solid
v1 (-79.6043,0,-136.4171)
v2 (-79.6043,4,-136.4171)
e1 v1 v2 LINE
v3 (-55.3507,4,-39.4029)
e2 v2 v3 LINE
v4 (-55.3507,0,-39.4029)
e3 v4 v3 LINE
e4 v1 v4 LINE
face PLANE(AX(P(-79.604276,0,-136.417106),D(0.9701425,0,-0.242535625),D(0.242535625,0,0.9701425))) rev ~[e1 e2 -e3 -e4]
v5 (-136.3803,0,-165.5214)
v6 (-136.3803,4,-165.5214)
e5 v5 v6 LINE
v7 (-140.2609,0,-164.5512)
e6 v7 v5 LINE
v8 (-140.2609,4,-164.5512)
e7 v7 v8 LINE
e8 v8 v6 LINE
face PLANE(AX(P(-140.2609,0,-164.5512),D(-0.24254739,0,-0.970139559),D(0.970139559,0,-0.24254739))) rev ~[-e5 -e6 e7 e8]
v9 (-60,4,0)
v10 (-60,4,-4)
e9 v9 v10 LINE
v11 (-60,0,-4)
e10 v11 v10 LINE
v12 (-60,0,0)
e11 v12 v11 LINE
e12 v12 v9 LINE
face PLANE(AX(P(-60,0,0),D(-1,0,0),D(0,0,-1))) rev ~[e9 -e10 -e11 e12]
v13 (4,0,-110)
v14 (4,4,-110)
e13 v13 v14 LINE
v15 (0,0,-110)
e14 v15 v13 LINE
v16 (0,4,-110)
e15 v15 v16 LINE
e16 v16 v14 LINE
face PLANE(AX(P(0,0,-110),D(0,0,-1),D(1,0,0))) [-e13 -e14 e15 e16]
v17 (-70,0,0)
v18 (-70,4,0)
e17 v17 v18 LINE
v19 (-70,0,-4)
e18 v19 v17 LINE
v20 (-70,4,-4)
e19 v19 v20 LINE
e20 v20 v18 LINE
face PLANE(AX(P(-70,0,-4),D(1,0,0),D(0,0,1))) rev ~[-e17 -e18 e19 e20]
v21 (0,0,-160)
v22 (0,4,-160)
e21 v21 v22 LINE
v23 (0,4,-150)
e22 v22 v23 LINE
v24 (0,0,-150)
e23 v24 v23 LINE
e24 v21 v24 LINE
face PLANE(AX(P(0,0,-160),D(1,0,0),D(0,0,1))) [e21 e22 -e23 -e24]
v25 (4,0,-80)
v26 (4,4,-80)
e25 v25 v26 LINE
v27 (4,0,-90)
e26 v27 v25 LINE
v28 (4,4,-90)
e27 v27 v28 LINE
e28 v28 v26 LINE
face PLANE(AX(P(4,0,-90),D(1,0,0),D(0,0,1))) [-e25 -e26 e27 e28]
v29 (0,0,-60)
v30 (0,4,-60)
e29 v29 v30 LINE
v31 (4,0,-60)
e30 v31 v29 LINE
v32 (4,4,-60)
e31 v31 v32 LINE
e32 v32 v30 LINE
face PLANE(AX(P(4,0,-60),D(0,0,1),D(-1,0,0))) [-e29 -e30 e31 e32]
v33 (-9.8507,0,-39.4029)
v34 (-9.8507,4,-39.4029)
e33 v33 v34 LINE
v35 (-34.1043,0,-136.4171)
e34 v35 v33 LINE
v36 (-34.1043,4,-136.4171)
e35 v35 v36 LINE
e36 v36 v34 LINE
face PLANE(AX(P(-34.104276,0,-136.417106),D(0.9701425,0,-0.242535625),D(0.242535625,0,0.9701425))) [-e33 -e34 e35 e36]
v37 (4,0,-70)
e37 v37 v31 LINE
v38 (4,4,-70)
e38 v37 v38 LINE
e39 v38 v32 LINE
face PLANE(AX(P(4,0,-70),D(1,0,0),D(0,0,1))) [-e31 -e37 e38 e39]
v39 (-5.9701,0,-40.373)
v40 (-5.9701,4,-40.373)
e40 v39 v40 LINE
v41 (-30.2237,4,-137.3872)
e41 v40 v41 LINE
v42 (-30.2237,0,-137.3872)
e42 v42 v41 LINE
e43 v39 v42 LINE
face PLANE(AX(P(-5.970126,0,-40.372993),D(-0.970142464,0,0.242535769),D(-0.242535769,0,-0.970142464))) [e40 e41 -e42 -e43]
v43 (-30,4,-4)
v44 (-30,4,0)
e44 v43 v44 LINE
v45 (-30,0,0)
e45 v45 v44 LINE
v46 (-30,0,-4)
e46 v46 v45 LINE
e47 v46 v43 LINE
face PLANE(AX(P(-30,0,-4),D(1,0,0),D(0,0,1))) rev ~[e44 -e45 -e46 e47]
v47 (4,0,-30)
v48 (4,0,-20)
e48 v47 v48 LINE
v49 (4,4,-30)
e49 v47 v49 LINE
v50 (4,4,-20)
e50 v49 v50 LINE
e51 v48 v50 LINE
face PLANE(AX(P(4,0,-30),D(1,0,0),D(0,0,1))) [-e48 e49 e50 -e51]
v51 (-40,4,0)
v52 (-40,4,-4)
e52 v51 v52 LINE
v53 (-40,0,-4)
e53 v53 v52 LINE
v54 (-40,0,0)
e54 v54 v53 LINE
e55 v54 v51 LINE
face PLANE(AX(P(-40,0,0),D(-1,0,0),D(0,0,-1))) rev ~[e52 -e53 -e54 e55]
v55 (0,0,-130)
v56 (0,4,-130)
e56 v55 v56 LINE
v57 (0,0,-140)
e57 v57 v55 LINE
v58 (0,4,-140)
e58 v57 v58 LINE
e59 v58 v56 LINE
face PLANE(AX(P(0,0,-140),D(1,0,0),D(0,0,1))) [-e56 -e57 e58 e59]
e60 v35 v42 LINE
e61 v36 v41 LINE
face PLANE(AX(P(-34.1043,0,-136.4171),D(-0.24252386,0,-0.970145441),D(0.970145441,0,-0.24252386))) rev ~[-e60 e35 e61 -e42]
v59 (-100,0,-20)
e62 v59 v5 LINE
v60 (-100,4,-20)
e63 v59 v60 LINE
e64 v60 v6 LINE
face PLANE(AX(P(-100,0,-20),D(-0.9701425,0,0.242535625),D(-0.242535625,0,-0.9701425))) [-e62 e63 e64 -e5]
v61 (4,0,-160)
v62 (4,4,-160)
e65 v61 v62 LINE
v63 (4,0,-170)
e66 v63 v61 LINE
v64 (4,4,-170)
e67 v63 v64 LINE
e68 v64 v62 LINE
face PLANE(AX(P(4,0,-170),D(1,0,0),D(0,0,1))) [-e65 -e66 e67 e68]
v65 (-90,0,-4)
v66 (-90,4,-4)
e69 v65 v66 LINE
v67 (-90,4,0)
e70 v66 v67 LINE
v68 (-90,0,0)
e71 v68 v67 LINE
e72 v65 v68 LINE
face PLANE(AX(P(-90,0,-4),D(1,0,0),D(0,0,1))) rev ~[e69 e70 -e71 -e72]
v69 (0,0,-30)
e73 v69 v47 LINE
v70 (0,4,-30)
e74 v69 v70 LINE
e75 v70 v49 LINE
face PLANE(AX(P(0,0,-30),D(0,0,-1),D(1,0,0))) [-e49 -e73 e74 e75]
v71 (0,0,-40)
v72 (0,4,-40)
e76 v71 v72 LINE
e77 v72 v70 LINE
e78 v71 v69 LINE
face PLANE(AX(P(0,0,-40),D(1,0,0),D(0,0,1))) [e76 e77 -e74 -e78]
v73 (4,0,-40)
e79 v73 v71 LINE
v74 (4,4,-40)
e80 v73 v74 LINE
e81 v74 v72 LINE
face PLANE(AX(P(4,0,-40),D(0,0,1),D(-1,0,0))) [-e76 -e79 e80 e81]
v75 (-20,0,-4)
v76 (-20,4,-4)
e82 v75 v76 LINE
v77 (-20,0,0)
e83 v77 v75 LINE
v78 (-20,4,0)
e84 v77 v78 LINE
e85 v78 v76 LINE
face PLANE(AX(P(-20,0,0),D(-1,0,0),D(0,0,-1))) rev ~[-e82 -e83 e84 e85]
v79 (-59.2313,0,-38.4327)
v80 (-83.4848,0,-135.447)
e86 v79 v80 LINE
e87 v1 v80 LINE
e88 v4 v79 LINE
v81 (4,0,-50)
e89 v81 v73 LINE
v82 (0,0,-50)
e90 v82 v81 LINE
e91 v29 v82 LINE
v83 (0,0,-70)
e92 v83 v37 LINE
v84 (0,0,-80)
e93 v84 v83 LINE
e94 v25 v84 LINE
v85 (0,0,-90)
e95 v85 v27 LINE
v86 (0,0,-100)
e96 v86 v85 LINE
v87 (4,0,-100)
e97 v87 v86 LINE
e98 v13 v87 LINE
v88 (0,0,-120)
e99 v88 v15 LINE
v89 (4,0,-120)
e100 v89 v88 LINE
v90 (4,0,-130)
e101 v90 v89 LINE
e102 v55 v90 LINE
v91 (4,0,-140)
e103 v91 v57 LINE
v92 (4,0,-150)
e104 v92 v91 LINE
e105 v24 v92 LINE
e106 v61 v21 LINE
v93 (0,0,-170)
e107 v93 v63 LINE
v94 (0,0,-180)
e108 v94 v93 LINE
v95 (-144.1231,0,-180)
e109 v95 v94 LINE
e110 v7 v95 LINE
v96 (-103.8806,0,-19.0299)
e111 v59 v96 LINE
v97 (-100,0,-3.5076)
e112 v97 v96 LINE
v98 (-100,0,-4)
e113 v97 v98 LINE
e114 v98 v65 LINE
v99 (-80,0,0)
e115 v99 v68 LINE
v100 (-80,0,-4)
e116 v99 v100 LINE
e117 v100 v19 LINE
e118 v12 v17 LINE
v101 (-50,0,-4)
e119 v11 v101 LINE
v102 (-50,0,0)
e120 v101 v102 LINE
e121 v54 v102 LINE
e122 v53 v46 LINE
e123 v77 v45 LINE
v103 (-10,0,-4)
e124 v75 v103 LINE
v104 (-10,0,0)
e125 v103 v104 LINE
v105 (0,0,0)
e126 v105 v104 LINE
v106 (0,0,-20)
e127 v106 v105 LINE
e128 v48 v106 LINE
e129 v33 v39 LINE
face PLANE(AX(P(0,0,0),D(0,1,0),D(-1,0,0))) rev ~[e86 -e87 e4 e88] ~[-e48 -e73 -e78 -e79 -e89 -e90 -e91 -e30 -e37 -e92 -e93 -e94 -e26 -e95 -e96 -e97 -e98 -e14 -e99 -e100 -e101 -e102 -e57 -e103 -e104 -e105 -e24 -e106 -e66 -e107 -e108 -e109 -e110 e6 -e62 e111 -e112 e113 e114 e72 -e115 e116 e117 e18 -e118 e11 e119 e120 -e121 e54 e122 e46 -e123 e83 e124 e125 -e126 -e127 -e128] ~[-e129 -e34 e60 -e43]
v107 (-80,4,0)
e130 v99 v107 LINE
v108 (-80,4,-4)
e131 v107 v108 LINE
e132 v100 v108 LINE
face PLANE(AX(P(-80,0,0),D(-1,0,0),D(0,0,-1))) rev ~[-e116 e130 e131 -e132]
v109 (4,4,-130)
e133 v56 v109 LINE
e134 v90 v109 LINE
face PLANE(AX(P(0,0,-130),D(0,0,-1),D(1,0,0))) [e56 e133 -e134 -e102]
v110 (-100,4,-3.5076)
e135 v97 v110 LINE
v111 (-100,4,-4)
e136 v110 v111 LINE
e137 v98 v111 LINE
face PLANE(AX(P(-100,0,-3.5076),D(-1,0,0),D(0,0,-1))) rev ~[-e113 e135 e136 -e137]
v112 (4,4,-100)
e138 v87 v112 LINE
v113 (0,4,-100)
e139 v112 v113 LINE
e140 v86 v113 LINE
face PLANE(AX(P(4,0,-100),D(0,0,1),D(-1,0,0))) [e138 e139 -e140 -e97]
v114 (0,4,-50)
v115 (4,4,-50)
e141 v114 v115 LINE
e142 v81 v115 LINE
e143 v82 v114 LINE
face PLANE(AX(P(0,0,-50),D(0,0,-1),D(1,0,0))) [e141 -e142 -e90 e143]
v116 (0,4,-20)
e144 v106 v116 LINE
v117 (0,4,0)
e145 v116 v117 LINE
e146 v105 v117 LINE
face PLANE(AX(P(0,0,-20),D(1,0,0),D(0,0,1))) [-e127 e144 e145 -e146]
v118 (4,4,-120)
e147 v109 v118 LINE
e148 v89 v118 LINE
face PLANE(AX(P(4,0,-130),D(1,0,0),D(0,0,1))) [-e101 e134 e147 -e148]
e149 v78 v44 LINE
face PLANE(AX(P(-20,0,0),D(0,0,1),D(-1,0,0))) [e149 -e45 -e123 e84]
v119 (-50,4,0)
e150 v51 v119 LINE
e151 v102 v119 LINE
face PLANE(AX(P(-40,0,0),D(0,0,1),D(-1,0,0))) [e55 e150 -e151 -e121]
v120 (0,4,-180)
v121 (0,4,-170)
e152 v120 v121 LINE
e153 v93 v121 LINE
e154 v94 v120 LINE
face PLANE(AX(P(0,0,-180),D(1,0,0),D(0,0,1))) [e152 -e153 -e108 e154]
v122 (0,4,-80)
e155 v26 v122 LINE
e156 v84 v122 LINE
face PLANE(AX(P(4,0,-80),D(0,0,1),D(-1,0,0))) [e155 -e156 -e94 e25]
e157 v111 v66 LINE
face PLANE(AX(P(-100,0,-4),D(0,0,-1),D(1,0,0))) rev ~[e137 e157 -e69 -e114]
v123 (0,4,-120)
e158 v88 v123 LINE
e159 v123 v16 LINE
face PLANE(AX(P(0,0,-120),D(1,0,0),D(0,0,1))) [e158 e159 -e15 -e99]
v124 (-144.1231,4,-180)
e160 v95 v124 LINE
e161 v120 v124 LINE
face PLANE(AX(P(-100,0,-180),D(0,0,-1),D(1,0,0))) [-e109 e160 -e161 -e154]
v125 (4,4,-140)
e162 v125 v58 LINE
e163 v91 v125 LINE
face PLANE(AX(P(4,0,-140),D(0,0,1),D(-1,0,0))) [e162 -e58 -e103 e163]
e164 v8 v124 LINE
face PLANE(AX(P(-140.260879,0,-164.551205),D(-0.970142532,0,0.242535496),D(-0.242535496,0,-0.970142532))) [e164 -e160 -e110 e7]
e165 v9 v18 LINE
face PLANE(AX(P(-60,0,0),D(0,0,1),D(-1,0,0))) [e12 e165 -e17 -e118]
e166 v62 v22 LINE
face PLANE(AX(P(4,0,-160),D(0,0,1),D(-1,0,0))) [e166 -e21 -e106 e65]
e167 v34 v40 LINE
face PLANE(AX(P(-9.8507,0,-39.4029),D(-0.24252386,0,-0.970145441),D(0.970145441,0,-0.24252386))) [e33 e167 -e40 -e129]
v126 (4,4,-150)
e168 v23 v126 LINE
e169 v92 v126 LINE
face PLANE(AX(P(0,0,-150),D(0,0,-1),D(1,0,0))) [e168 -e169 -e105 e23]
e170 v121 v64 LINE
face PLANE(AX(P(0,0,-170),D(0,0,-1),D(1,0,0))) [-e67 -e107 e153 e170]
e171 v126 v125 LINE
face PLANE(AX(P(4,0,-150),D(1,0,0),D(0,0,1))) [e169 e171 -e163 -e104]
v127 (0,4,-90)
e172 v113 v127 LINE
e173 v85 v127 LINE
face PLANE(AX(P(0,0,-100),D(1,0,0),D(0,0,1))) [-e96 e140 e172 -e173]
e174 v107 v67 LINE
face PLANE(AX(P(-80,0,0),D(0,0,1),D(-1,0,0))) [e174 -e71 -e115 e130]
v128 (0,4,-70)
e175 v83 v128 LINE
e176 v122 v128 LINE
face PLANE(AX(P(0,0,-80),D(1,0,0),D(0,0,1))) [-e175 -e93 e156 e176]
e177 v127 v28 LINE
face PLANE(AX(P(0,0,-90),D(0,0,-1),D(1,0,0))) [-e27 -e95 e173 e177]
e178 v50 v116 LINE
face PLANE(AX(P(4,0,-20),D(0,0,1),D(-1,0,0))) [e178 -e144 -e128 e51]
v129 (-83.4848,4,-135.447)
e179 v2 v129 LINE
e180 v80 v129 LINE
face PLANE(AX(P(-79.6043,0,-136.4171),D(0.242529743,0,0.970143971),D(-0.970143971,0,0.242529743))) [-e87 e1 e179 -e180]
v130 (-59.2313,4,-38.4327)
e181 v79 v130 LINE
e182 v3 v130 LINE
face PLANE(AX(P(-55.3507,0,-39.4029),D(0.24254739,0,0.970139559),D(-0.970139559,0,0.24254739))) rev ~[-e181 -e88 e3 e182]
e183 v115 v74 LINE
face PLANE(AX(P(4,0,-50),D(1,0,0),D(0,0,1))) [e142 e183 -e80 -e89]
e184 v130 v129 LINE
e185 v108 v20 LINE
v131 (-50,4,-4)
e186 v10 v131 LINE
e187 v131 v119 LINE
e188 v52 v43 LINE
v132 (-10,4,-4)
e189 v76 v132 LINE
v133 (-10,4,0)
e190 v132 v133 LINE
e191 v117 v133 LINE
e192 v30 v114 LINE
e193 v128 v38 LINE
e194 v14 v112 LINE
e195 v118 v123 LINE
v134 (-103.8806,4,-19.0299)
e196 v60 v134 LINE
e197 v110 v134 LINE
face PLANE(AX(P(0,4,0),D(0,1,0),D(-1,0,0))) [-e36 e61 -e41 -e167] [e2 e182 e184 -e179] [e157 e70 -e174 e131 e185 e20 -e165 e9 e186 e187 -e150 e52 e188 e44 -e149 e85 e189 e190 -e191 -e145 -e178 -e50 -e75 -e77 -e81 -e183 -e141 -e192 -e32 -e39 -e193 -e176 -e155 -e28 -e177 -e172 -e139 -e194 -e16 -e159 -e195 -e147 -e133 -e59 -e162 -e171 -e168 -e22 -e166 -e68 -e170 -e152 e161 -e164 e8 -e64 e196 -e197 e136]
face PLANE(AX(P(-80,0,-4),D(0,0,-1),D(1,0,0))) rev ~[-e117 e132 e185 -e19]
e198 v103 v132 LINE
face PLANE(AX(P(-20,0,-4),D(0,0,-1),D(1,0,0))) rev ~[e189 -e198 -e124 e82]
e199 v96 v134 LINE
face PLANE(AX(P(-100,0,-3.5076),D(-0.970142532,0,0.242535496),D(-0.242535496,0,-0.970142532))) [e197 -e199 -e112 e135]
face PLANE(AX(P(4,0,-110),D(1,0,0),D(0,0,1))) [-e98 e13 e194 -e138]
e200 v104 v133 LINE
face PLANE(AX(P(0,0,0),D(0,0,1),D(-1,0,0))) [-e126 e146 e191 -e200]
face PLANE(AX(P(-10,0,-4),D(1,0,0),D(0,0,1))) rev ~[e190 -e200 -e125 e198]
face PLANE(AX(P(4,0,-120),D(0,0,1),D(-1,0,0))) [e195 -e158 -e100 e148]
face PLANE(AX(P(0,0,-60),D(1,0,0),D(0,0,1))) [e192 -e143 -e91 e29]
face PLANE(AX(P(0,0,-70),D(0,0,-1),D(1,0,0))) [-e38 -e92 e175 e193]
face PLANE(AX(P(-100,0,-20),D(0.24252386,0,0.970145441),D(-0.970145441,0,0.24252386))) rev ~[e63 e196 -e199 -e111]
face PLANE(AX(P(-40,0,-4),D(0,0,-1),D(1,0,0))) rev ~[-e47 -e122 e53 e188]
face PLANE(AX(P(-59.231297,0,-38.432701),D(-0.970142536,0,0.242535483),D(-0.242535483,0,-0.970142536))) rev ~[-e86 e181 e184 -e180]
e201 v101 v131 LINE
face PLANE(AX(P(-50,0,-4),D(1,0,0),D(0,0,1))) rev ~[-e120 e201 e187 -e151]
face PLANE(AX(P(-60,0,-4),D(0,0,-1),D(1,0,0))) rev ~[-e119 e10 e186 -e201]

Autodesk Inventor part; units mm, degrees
ref_plane "YZ Plane" through (0, 0, 0) normal (1, 0, 0) x (0, 1, 0)
ref_plane "XZ Plane" through (0, 0, 0) normal (0, 1, 0) x (-1, 0, 0)
ref_plane "XY Plane" through (0, 0, 0) normal (0, 0, 1) x (1, 0, 0)
sketch "スケッチ1" plane through (0, 0, 0) normal (0, 1, 0) x (-1, 0, 0)
  line L0 (0, 0) -> (100, 0)
  line L1 (100, 0) -> (100, -180)
  line L2 (100, -180) -> (0, -180)
  line L3 (0, -180) -> (0, 0)
  line L4 (0, -170) -> (-4, -170)
  line L5 (-4, -170) -> (-4, -160)
  line L6 (-4, -160) -> (0, -160)
  line L7 (0, -160) -> (0, -170)
  line L8 (-4, -140) -> (0, -140)
  line L9 (-4, -150) -> (-4, -140)
  line L10 (0, -150) -> (-4, -150)
  line L11 (-4, -120) -> (0, -120)
  line L12 (-4, -130) -> (-4, -120)
  line L13 (0, -130) -> (-4, -130)
  line L14 (-4, -100) -> (0, -100)
  line L15 (-4, -110) -> (-4, -100)
  line L16 (0, -110) -> (-4, -110)
  line L17 (-4, -80) -> (0, -80)
  line L18 (-4, -90) -> (-4, -80)
  line L19 (0, -90) -> (-4, -90)
  line L20 (-4, -60) -> (0, -60)
  line L21 (-4, -70) -> (-4, -60)
  line L22 (0, -70) -> (-4, -70)
  line L23 (-4, -40) -> (0, -40)
  line L24 (-4, -50) -> (-4, -40)
  line L25 (0, -50) -> (-4, -50)
  line L26 (-4, -20) -> (0, -20)
  line L27 (-4, -30) -> (-4, -20)
  line L28 (0, -30) -> (-4, -30)
  line L29 (10, 0) -> (20, 0)
  line L30 (20, 0) -> (20, 4)
  line L31 (20, 4) -> (10, 4)
  line L32 (10, 4) -> (10, 0)
  line L33 (30, 4) -> (30, 0)
  line L34 (40, 4) -> (30, 4)
  line L35 (40, 0) -> (40, 4)
  line L36 (50, 4) -> (50, 0)
  line L37 (60, 4) -> (50, 4)
  line L38 (60, 0) -> (60, 4)
  line L39 (70, 4) -> (70, 0)
  line L40 (80, 4) -> (70, 4)
  line L41 (80, 0) -> (80, 4)
  line L42 (45, -180) -> (5, -20)
  line L43 (90.5, -180) -> (50.5, -20)
  line L44 (100, -20) -> (140, -180)
  line L45 (100, -180) -> (140, -180)
  line L46 (100, -3.5076) -> (144.2959, -180.6913)
  line L47 (140, -180) -> (144.1231, -180)
  line L48 (50.5, -20) -> (54.3806, -19.0299)
  line L49 (54.3806, -19.0299) -> (94.6231, -180)
  line L50 (5, -20) -> (1.1194, -20.9701)
  line L51 (1.1194, -20.9701) -> (40.8769, -180)
  line L52 (34.1043, -136.4171) -> (30.2237, -137.3872)
  line L53 (9.8507, -39.4029) -> (5.9701, -40.373)
  line L54 (55.3507, -39.4029) -> (59.2313, -38.4327)
  line L55 (79.6043, -136.4171) -> (83.4848, -135.447)
  line L56 (100, -20) -> (103.8806, -19.0299)
  line L57 (103.8806, -19.0299) -> (140.2609, -164.5512)
  line L58 (140.2609, -164.5512) -> (136.3803, -165.5214)
  line L59 (20, 0) -> (20, -4)
  line L60 (10, -4) -> (10, 0)
  line L61 (30, -4) -> (30, 0)
  line L62 (40, -4) -> (30, -4)
  line L63 (40, 0) -> (40, -4)
  line L64 (50, -4) -> (50, 0)
  line L65 (60, 0) -> (60, -4)
  line L66 (70, -4) -> (70, 0)
  line L67 (80, 0) -> (80, -4)
  line L68 (80, -4) -> (70, -4)
  line L69 (60, -4) -> (50, -4)
  line L70 (20, -4) -> (10, -4)
  line L71 (90, 0) -> (100, 0)
  line L72 (100, 0) -> (100, -4)
  line L73 (100, -4) -> (90, -4)
  line L74 (90, -4) -> (90, 0)
  point P0 (10, 2)
  point P1 (30, 2)
  point P2 (50, 2)
  point P3 (70, 2)
  point P4 (57.291, -38.9178)
  point P5 (0, -20)
  point P6 (0, -40)
  point P7 (0, -60)
  point P8 (0, -80)
  point P9 (0, -100)
  point P10 (0, -120)
  point P11 (0, -140)
  point P12 (0, -160)
  point P13 (50, -2)
  dimension "d0" = 100
  dimension "d1" = 180
  dimension "d2" = 4
  dimension "d3" = 10
  dimension "d4" = 10
  dimension "d7" = 20
  dimension "d12" = 10
  dimension "d13" = 4
  dimension "d14" = 10
  dimension "d17" = 20
  dimension "d22" = 45
  dimension "d23" = 5
  dimension "d24" = 20
  dimension "d26" = 45.5
  dimension "d27" = 45.5
  dimension "d28" = 20
  dimension "d29" = 49.5
  dimension "d30" = 49.5
  dimension "d32" = 4
  dimension "d33" = 4
  dimension "d34" = 4
  dimension "d35" = 20
  dimension "d36" = 100
  dimension "d37" = 20
  dimension "d38" = 100
  dimension "d39" = 150
  dimension "d42" = 10
  dimension "d43" = 4
  dimension "d44" = 10
extrude "押し出し1" add sketch "スケッチ1" along normal blind 4 contours L0 L60 L70 L59 L61 L62 L63 L64 L69 L65 L66 L68 L67 L74 L73 L1 L2 L49 L48 L43 L42 L50 L51 L3 | L3 L28 L27 L26 | L3 L25 L24 L23 | L3 L22 L21 L20 | L3 L19 L18 L17 | L3 L16 L15 L14 | L46 L56 L1 | L3 L13 L12 L11 | L44 L45 L1 | L46 L47 L44 L58 | L3 L10 L9 L8 | L2 L43 L55 L49 | L3 L4 L5 L6 | L2 L51 L52 L42 | L54 L43 L48 L49 | L53 L51 L50 L42
properties part number "ER_lipo_side_2" material "木材 (オーク)"
